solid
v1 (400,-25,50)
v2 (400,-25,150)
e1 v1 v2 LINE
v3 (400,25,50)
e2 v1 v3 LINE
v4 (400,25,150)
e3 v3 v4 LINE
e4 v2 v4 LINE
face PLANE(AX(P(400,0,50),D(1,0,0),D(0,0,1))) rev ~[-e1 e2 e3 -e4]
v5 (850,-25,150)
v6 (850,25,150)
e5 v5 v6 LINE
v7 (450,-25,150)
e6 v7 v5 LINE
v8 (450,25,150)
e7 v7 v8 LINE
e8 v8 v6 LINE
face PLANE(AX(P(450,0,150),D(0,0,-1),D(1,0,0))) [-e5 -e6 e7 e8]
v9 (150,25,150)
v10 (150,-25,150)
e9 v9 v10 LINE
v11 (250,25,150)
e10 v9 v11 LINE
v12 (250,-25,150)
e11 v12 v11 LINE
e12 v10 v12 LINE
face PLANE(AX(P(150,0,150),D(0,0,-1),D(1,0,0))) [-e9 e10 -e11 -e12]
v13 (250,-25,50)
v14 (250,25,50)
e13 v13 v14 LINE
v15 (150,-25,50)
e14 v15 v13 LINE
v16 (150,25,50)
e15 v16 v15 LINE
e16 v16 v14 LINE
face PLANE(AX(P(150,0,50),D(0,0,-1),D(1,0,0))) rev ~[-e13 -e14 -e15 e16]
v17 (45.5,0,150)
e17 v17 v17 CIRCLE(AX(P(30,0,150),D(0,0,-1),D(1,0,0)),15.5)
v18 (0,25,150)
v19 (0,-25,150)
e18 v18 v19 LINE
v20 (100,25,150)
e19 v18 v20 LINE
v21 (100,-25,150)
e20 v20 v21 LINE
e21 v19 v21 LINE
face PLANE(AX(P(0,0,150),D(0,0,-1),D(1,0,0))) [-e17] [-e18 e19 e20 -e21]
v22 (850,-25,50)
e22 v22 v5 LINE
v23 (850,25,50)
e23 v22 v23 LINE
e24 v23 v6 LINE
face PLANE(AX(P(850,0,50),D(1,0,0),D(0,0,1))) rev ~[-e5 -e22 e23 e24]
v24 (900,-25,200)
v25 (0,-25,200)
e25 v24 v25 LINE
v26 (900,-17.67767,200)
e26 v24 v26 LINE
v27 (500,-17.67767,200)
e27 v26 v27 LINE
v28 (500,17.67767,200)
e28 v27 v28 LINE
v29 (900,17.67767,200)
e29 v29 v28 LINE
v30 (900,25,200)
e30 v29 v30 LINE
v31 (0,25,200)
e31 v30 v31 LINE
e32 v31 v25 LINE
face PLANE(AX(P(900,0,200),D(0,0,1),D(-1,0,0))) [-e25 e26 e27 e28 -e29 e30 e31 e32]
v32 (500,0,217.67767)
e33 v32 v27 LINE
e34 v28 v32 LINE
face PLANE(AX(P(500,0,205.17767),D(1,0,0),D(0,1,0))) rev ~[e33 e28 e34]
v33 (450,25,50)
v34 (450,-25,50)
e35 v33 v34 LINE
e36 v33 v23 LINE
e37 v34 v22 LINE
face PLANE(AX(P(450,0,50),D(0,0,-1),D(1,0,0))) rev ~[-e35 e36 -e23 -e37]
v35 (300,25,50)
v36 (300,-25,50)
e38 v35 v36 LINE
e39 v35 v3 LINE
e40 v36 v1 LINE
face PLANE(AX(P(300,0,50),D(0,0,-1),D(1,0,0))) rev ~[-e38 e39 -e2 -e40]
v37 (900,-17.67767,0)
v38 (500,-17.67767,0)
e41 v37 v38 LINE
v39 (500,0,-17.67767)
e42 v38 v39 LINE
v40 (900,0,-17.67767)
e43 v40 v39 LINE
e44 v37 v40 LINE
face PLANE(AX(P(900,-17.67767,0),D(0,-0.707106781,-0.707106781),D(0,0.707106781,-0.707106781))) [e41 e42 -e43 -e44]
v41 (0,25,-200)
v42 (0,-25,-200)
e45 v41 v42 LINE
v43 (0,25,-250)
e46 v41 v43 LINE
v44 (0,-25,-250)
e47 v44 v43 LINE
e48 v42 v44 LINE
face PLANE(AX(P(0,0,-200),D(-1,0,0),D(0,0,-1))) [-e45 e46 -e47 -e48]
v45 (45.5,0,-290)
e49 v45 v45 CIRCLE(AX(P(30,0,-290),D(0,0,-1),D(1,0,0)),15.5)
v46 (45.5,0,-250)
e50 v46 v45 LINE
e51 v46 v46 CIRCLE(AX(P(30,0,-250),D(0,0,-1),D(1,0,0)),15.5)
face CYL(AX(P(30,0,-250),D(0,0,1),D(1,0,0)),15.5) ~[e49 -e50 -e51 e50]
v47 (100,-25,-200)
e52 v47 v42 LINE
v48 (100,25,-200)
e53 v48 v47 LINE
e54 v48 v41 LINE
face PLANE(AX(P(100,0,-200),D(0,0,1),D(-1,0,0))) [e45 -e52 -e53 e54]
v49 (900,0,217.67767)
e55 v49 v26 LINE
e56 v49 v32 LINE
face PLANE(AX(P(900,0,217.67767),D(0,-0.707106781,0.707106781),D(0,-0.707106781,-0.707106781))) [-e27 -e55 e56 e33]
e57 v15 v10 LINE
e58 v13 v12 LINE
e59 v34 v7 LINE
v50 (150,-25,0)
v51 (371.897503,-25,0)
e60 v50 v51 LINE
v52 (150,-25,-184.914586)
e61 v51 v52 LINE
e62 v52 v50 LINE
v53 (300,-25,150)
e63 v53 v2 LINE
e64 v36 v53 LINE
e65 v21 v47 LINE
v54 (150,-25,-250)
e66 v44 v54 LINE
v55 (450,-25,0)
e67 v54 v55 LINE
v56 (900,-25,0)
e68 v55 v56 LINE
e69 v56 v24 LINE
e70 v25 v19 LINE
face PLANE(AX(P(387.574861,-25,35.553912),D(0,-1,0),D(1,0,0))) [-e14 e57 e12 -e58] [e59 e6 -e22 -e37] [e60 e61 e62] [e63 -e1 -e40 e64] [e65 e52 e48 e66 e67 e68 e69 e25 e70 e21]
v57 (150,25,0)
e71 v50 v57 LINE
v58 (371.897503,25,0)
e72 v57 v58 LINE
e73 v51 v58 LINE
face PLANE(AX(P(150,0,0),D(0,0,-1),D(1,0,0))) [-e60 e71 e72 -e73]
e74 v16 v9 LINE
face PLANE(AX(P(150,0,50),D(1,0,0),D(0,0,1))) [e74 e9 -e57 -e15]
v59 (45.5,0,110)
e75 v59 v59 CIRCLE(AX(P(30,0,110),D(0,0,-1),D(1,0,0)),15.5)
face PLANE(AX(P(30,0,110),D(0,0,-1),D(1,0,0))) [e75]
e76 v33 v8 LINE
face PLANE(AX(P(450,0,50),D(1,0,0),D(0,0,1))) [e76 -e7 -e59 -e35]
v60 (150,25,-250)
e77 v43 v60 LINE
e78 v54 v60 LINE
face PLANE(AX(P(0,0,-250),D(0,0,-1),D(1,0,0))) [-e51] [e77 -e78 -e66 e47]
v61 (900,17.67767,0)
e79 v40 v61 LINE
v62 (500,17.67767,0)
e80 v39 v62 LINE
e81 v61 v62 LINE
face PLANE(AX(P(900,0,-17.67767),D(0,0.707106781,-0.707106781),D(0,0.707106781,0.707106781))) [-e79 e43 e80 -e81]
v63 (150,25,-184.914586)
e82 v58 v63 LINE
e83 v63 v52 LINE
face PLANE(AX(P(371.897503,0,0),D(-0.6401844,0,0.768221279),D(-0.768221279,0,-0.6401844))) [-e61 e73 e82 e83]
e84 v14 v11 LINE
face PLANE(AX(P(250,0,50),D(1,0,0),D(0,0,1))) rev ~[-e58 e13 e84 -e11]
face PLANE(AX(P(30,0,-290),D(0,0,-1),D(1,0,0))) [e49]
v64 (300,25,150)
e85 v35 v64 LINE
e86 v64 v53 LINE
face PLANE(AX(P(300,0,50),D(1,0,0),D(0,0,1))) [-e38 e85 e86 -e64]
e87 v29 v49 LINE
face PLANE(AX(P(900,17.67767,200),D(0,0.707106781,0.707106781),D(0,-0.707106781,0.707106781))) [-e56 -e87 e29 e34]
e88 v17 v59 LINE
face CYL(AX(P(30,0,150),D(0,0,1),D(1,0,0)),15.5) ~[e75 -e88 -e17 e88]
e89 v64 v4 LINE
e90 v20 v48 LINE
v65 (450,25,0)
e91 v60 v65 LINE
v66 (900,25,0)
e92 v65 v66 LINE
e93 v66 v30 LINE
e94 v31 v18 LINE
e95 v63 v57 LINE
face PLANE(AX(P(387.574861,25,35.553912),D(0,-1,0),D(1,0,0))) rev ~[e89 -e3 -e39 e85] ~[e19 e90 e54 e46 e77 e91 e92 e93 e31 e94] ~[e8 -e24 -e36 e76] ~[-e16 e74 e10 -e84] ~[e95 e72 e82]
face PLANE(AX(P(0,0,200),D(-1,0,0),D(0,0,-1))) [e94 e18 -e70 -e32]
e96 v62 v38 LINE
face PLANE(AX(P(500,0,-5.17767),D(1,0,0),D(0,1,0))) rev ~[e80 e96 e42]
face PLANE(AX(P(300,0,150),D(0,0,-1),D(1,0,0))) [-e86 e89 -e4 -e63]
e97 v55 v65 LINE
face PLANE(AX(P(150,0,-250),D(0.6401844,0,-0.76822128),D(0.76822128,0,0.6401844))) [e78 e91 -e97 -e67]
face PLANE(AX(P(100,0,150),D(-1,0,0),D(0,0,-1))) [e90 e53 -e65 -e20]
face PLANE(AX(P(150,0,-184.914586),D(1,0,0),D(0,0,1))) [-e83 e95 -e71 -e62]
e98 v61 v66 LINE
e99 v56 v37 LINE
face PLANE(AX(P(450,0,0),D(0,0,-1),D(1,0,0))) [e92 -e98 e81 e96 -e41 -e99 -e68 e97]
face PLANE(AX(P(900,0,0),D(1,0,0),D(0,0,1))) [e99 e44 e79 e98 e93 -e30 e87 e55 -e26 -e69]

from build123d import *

# Parameters (mm, degrees)
F0_W     = 100
F0_H     = 100
F0_W_2   = 400
F1_DEPTH = 25
F3_DEPTH = 400
F4_R     = 15.5
F6_DEPTH = 40
F5_R     = 15.5
F7_DEPTH = 40


with BuildPart() as f1:
    # F0 (on Front) → F1 (new body, symmetric)
    with BuildSketch(Plane.XZ):
        Polygon((900, 200), (0, 200), (0, 150), (100, 150), (100, -200), (0, -200), (0, -250), (150, -250), (450, 0), (900, 0), align=None)
        Polygon((150, -184.914586), (150, 0), (371.897503, 0), align=None, mode=Mode.SUBTRACT)
        with Locations((200, 100)):
            Rectangle(F0_W, F0_H, mode=Mode.SUBTRACT)
        with Locations((350, 100)):
            Rectangle(F0_W, F0_H, mode=Mode.SUBTRACT)
        with Locations((650, 100)):
            Rectangle(F0_W_2, F0_H, mode=Mode.SUBTRACT)
    extrude(amount=F1_DEPTH, both=True)

    # F2 (on face) → F3 (join)
    with BuildSketch(Plane.YZ.offset(900)):
        Polygon((0, 217.67767), (-17.67767, 200), (17.67767, 200), align=None)
        Polygon((17.67767, 0), (-17.67767, 0), (0, -17.67767), align=None)
    extrude(amount=-F3_DEPTH)

    # F4 (on face) → F6 (join)
    with BuildSketch(Plane(origin=(0, 0, -250), x_dir=(1, 0, 0), z_dir=(0, 0, -1))):
        with Locations((30, 0)):
            Circle(F4_R)
    extrude(amount=F6_DEPTH)

    # F5 (on face) → F7 (join)
    with BuildSketch(Plane(origin=(0, 0, 150), x_dir=(1, 0, 0), z_dir=(0, 0, -1))):
        with Locations((30, 0)):
            Circle(F5_R)
    extrude(amount=F7_DEPTH)


solid = f1.part
